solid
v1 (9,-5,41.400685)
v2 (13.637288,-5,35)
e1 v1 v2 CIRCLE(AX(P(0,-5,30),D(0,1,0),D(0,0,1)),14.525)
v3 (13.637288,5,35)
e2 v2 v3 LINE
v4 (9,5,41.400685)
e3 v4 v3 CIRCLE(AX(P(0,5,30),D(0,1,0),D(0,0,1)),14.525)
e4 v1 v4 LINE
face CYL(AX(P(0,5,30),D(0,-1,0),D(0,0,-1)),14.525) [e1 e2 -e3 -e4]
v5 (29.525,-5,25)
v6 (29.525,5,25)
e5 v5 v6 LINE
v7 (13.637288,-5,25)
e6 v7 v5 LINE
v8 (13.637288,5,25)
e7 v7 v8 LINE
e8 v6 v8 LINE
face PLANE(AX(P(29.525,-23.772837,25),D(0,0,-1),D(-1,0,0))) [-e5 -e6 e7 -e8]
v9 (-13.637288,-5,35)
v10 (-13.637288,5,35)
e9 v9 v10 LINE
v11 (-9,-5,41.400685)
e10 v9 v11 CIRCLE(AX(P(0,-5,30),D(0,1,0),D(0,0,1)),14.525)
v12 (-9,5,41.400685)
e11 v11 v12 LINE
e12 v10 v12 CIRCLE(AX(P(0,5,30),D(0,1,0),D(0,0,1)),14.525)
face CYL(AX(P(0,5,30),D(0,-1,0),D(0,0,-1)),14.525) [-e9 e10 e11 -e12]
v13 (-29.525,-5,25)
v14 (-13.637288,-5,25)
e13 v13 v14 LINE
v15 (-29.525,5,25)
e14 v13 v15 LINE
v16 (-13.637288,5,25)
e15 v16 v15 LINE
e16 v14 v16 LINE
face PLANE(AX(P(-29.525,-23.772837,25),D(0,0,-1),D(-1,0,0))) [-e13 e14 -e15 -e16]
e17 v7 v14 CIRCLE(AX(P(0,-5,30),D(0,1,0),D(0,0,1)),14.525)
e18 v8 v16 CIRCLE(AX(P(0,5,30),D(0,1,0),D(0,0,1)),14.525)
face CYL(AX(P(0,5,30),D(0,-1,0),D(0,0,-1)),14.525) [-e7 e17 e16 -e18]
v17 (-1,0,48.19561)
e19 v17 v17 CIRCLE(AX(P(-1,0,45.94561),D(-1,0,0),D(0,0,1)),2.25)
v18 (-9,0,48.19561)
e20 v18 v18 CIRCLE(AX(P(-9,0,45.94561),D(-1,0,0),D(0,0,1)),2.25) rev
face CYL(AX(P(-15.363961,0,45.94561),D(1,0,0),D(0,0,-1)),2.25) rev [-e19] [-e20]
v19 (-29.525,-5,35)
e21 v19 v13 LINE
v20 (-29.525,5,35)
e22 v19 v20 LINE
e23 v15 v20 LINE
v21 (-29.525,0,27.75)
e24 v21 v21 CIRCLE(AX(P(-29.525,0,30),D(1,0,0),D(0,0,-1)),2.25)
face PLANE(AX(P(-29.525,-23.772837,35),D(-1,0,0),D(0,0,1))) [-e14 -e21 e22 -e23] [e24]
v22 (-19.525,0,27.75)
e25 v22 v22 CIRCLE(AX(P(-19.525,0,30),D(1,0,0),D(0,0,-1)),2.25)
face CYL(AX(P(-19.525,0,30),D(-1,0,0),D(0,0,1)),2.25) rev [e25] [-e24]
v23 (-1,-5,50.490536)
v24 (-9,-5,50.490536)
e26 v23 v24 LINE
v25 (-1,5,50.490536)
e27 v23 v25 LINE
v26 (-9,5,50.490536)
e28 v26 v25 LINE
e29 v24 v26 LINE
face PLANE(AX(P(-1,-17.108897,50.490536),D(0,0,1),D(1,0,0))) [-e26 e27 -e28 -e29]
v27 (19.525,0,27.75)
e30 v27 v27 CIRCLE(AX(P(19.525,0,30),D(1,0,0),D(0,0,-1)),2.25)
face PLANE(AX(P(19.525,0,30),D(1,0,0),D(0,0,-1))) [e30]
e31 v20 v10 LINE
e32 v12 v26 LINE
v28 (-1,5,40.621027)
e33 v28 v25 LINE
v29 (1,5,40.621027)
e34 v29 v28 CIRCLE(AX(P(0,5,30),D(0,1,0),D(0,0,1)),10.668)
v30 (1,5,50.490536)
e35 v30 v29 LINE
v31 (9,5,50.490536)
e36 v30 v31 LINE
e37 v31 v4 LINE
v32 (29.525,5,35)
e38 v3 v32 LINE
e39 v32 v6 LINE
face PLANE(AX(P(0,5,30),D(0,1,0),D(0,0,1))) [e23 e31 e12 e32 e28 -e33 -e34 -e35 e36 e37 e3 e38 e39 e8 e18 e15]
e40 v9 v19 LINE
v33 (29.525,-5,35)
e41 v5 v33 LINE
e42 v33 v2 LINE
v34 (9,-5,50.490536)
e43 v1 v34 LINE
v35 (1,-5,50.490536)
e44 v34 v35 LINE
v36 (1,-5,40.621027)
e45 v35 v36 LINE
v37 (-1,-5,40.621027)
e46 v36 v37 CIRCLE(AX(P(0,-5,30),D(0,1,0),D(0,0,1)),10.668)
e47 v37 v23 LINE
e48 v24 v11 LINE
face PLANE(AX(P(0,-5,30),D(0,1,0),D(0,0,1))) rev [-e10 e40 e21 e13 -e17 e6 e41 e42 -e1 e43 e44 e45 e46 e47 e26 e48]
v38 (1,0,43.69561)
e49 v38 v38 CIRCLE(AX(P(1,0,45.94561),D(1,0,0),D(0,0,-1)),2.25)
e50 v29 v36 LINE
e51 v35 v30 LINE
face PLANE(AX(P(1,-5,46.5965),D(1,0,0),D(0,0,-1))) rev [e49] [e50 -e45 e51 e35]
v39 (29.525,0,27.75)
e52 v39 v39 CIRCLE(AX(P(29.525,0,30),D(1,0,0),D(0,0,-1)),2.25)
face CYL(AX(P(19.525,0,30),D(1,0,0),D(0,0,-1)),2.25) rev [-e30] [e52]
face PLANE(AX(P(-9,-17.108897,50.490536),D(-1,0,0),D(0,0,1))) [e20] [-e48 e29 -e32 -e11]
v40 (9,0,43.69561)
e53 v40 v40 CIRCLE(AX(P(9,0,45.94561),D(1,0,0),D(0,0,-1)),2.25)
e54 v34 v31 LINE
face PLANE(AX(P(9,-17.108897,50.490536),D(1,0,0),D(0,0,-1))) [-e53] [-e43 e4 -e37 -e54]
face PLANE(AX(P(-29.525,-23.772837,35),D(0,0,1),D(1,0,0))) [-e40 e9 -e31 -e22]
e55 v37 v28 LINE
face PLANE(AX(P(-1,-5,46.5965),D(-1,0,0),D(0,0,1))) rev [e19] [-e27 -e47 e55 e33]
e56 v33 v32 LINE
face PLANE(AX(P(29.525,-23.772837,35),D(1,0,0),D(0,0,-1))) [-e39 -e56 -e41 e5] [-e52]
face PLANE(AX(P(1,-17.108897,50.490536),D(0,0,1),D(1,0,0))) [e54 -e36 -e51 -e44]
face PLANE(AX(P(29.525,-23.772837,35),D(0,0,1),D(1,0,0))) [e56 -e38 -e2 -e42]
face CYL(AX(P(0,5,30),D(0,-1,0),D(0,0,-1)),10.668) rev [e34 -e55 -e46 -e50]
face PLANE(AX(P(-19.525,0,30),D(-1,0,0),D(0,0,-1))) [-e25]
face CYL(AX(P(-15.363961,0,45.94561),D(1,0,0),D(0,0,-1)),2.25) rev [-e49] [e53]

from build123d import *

# Parameters (mm, degrees)
CROQUIS1_R              = 10.668000000000001
SALIENTE_EXTRUIR1_DEPTH = 5
CORTAR_EXTRUIR1_REACH   = 55.921
CROQUIS2_R              = 2.249999999999999
SALIENTE_EXTRUIR2_DEPTH = 2.5
CORTAR_EXTRUIR5_DEPTH   = 55.61204651906025
SALIENTE_EXTRUIR3_DEPTH = 10
CORTAR_EXTRUIR6_REACH   = 65.994
CROQUIS9_R              = 2.250000000000002
CORTAR_EXTRUIR7_DEPTH   = 60.57595316665593
SALIENTE_EXTRUIR4_DEPTH = 10
CROQUIS12_R             = 2.249999999999999
CORTAR_EXTRUIR8_DEPTH   = 10


with BuildPart() as part:
    # Croquis1 → Saliente-Extruir1 (new, symmetric)
    with BuildSketch(Plane(origin=(0, 0, 0), x_dir=(1, 0, 0), z_dir=(0, 1, 0))):
        with BuildLine():
            Line((30, 1.163e-14), (-30, -6.74e-15))
            Line((-30, -6.74e-15), (-29.999999999999993, -10.000000000000007))
            Line((-29.999999999999993, -10.000000000000007), (-4.999999999999997, -9.999999999999998))
            Line((-4.999999999999997, -9.999999999999998), (-4.999999999999997, -16.362711963150442))
            ThreePointArc((-4.999999999999997, -16.362711963150442), (1.01e-15, -44.525000000000006), (5.000000000000002, -16.362711963150442))
            Line((5.000000000000002, -16.362711963150442), (5.000000000000001, -9.999999999999993))
            Line((5.000000000000001, -9.999999999999993), (30, -9.999999999999988))
            Line((30, -9.999999999999988), (30, 1.163e-14))
        make_face()
        with Locations(Location((3.67e-15, -30, 0), (0, 0, 270))):
            Circle(CROQUIS1_R, mode=Mode.SUBTRACT)
    extrude(amount=SALIENTE_EXTRUIR1_DEPTH, both=True)

    # Croquis2 → Cortar-Extruir1 (cut, up to next)
    with BuildSketch(Plane(origin=(0, 0, 0), x_dir=(-1, 0, 3.1e-16), z_dir=(-3.1e-16, 0, -1)), mode=Mode.PRIVATE) as cortar_extruir1_sk1:
        with Locations((24.999999999999996, 0)):
            Circle(CROQUIS2_R)
    cortar_extruir1_tool1 = extrude(cortar_extruir1_sk1.sketch, amount=-CORTAR_EXTRUIR1_REACH, mode=Mode.PRIVATE) & part.part
    # Croquis2 → Cortar-Extruir1 (cut, up to next)
    with BuildSketch(Plane(origin=(0, 0, 0), x_dir=(-1, 0, 3.1e-16), z_dir=(-3.1e-16, 0, -1)), mode=Mode.PRIVATE) as cortar_extruir1_sk2:
        with Locations((-24.999999999999996, 0)):
            Circle(CROQUIS2_R)
    cortar_extruir1_tool2 = extrude(cortar_extruir1_sk2.sketch, amount=-CORTAR_EXTRUIR1_REACH, mode=Mode.PRIVATE) & part.part
    add(cortar_extruir1_tool1.solids().sort_by_distance((-25, 0, 0))[0], mode=Mode.SUBTRACT)
    add(cortar_extruir1_tool2.solids().sort_by_distance((25, 0, 0))[0], mode=Mode.SUBTRACT)

    # Croquis3 → Saliente-Extruir2 (add, symmetric)
    with BuildSketch(Plane(origin=(0, 0, 0), x_dir=(1, 0, 0), z_dir=(0, 1, 0))):
        with BuildLine():
            ThreePointArc((-4.999999999999991, -16.362711963150442), (-12.83879356101969, -23.207282951754927), (-14.087370599725464, -33.53858934972546))
            Line((-14.087370599725464, -33.53858934972546), (-19.999999999999996, -10.000000000000007))
            Line((-19.999999999999996, -10.000000000000007), (-4.999999999999997, -9.999999999999998))
            Line((-4.999999999999997, -9.999999999999998), (-4.999999999999991, -16.362711963150442))
        make_face()
        with BuildLine():
            Line((4.999999999999997, -9.999999999999998), (4.999999999999991, -16.362711963150442))
            ThreePointArc((4.999999999999991, -16.362711963150442), (12.838793561019703, -23.20728295175493), (14.087370599725464, -33.53858934972546))
            Line((14.087370599725464, -33.53858934972546), (19.999999999999996, -10.000000000000007))
            Line((19.999999999999996, -10.000000000000007), (4.999999999999997, -9.999999999999998))
        make_face()
    extrude(amount=SALIENTE_EXTRUIR2_DEPTH, both=True)

    # Croquis7 → Cortar-Extruir5 (cut, through all)
    with BuildSketch(Plane(origin=(0, 5, 0), x_dir=(1, 0, 0), z_dir=(0, 1, 0))):
        Polygon((1.0000000000000004, -46.5965), (-0.9999999999999998, -46.5965), (-0.9999999999999996, -38.5965), (1.0000000000000004, -38.5965), align=None)
    extrude(amount=-CORTAR_EXTRUIR5_DEPTH, mode=Mode.SUBTRACT)

    # Croquis8 → Saliente-Extruir3 (add)
    with BuildSketch(Plane(origin=(0, 5, 0), x_dir=(1, 0, 0), z_dir=(0, 1, 0))):
        with BuildLine():
            Line((-0.9999999999999998, -44.49053570438305), (-0.9999999999999989, -50.49053570438305))
            Line((-0.9999999999999989, -50.49053570438305), (-9, -50.490535704383056))
            Line((-9, -50.490535704383056), (-8.999999999999998, -41.400685286420284))
            ThreePointArc((-8.999999999999998, -41.400685286420284), (-5.233239331556143, -43.5494956031084), (-0.9999999999999998, -44.49053570438305))
        make_face()
        with BuildLine():
            Line((9, -50.490535704383056), (8.999999999999998, -41.400685286420284))
            ThreePointArc((8.999999999999998, -41.400685286420284), (5.23323933155614, -43.5494956031084), (0.9999999999999996, -44.49053570438305))
            Line((0.9999999999999996, -44.49053570438305), (0.9999999999999989, -50.49053570438305))
            Line((0.9999999999999989, -50.49053570438305), (9, -50.490535704383056))
        make_face()
    extrude(amount=-SALIENTE_EXTRUIR3_DEPTH)

    # Cortar-Extruir6: up to this face of the body (flat: up to its plane)
    cortar_extruir6_end = Plane(part.part.faces().sort_by_distance((-9, 0, 45.945610495))[0])
    # Croquis9 → Cortar-Extruir6 (cut, up to the picked face)
    with BuildSketch(Plane(origin=(8.99999999999999, 0, -1.72e-15), x_dir=(0, 0, -1), z_dir=(1, 0, 0)), mode=Mode.PRIVATE) as cortar_extruir6_sk1:
        with Locations((-45.945610495401674, 0)):
            Circle(CROQUIS9_R)
    cortar_extruir6_tool1 = split(extrude(cortar_extruir6_sk1.sketch, amount=-CORTAR_EXTRUIR6_REACH, mode=Mode.PRIVATE), bisect_by=cortar_extruir6_end, keep=Keep.BOTH, mode=Mode.PRIVATE)
    add(cortar_extruir6_tool1.solids().sort_by(Axis((9, 0, 45.94561), (-1, 0, 0)))[0], mode=Mode.SUBTRACT)

    # Croquis10 → Cortar-Extruir7 (cut, through all)
    with BuildSketch(Plane(origin=(0, 5, 0), x_dir=(1, 0, 0), z_dir=(0, 1, 0))):
        with BuildLine():
            ThreePointArc((-4.999999999999991, -16.362711963150442), (4.56e-15, -15.475), (5, -16.362711963150446))
            Line((5, -16.362711963150446), (5.000000000000001, -9.999999999999993))
            Line((5.000000000000001, -9.999999999999993), (30, -9.999999999999988))
            Line((30, -9.999999999999988), (30, 1.163e-14))
            Line((30, 1.163e-14), (-30, -6.74e-15))
            Line((-30, -6.74e-15), (-29.999999999999993, -10.000000000000007))
            Line((-29.999999999999993, -10.000000000000007), (-4.999999999999997, -9.999999999999998))
            Line((-4.999999999999997, -9.999999999999998), (-4.999999999999991, -16.362711963150442))
        make_face()
        with BuildLine():
            ThreePointArc((-14.087370599725464, -33.53858934972547), (-12.838793561019695, -23.207282951754934), (-4.999999999999991, -16.362711963150442))
            Line((-4.999999999999991, -16.362711963150442), (-4.999999999999997, -9.999999999999998))
            Line((-4.999999999999997, -9.999999999999998), (-20, -10.000000000000004))
            Line((-20, -10.000000000000004), (-14.087370599725462, -33.53858934972547))
        make_face()
        with BuildLine():
            Line((20.000000000000004, -9.99999999999999), (5, -9.999999999999993))
            Line((5.000000000000001, -9.999999999999993), (5.000000000000002, -16.362711963150442))
            ThreePointArc((5, -16.36271196315044), (12.838793561019697, -23.207282951754934), (14.08737059972547, -33.53858934972546))
            Line((14.087370599725467, -33.53858934972546), (20.000000000000004, -9.99999999999999))
        make_face()
    extrude(amount=-CORTAR_EXTRUIR7_DEPTH, mode=Mode.SUBTRACT)

    # Croquis11 → Saliente-Extruir4 (add)
    with BuildSketch(Plane(origin=(0, 5, 0), x_dir=(1, 0, 0), z_dir=(0, 1, 0))):
        with BuildLine():
            Line((29.525000000000002, -34.99999999999999), (29.525, -25))
            Line((29.525, -25), (13.637288036849554, -25))
            ThreePointArc((13.637288036849554, -25), (14.525, -30), (13.637288036849556, -35))
            Line((13.637288036849556, -35), (29.525000000000002, -34.99999999999999))
        make_face()
        with BuildLine():
            Line((-29.525000000000002, -34.99999999999999), (-13.637288036849556, -35))
            ThreePointArc((-13.637288036849556, -35), (-14.525, -30.000000000000004), (-13.637288036849554, -25))
            Line((-13.637288036849554, -25), (-29.525, -25))
            Line((-29.525, -25), (-29.525000000000002, -34.99999999999999))
        make_face()
    extrude(amount=-SALIENTE_EXTRUIR4_DEPTH)

    # Croquis12 → Cortar-Extruir8 (cut)
    with BuildSketch(Plane(origin=(29.524999999999988, 0, -1.024e-14), x_dir=(-3.5e-16, 0, -1), z_dir=(1, 0, -3.5e-16))):
        with Locations((-30.000000000000007, -8.7e-16)):
            Circle(CROQUIS12_R)
    cortar_extruir8 = extrude(amount=-CORTAR_EXTRUIR8_DEPTH, mode=Mode.SUBTRACT)

    # Simetría1: Cortar-Extruir8 across plane
    add(cortar_extruir8.mirror(Plane(origin=(0, 0, 0), x_dir=(0, 0, 1), z_dir=(1, 0, 0))), mode=Mode.SUBTRACT)


solid = part.part
